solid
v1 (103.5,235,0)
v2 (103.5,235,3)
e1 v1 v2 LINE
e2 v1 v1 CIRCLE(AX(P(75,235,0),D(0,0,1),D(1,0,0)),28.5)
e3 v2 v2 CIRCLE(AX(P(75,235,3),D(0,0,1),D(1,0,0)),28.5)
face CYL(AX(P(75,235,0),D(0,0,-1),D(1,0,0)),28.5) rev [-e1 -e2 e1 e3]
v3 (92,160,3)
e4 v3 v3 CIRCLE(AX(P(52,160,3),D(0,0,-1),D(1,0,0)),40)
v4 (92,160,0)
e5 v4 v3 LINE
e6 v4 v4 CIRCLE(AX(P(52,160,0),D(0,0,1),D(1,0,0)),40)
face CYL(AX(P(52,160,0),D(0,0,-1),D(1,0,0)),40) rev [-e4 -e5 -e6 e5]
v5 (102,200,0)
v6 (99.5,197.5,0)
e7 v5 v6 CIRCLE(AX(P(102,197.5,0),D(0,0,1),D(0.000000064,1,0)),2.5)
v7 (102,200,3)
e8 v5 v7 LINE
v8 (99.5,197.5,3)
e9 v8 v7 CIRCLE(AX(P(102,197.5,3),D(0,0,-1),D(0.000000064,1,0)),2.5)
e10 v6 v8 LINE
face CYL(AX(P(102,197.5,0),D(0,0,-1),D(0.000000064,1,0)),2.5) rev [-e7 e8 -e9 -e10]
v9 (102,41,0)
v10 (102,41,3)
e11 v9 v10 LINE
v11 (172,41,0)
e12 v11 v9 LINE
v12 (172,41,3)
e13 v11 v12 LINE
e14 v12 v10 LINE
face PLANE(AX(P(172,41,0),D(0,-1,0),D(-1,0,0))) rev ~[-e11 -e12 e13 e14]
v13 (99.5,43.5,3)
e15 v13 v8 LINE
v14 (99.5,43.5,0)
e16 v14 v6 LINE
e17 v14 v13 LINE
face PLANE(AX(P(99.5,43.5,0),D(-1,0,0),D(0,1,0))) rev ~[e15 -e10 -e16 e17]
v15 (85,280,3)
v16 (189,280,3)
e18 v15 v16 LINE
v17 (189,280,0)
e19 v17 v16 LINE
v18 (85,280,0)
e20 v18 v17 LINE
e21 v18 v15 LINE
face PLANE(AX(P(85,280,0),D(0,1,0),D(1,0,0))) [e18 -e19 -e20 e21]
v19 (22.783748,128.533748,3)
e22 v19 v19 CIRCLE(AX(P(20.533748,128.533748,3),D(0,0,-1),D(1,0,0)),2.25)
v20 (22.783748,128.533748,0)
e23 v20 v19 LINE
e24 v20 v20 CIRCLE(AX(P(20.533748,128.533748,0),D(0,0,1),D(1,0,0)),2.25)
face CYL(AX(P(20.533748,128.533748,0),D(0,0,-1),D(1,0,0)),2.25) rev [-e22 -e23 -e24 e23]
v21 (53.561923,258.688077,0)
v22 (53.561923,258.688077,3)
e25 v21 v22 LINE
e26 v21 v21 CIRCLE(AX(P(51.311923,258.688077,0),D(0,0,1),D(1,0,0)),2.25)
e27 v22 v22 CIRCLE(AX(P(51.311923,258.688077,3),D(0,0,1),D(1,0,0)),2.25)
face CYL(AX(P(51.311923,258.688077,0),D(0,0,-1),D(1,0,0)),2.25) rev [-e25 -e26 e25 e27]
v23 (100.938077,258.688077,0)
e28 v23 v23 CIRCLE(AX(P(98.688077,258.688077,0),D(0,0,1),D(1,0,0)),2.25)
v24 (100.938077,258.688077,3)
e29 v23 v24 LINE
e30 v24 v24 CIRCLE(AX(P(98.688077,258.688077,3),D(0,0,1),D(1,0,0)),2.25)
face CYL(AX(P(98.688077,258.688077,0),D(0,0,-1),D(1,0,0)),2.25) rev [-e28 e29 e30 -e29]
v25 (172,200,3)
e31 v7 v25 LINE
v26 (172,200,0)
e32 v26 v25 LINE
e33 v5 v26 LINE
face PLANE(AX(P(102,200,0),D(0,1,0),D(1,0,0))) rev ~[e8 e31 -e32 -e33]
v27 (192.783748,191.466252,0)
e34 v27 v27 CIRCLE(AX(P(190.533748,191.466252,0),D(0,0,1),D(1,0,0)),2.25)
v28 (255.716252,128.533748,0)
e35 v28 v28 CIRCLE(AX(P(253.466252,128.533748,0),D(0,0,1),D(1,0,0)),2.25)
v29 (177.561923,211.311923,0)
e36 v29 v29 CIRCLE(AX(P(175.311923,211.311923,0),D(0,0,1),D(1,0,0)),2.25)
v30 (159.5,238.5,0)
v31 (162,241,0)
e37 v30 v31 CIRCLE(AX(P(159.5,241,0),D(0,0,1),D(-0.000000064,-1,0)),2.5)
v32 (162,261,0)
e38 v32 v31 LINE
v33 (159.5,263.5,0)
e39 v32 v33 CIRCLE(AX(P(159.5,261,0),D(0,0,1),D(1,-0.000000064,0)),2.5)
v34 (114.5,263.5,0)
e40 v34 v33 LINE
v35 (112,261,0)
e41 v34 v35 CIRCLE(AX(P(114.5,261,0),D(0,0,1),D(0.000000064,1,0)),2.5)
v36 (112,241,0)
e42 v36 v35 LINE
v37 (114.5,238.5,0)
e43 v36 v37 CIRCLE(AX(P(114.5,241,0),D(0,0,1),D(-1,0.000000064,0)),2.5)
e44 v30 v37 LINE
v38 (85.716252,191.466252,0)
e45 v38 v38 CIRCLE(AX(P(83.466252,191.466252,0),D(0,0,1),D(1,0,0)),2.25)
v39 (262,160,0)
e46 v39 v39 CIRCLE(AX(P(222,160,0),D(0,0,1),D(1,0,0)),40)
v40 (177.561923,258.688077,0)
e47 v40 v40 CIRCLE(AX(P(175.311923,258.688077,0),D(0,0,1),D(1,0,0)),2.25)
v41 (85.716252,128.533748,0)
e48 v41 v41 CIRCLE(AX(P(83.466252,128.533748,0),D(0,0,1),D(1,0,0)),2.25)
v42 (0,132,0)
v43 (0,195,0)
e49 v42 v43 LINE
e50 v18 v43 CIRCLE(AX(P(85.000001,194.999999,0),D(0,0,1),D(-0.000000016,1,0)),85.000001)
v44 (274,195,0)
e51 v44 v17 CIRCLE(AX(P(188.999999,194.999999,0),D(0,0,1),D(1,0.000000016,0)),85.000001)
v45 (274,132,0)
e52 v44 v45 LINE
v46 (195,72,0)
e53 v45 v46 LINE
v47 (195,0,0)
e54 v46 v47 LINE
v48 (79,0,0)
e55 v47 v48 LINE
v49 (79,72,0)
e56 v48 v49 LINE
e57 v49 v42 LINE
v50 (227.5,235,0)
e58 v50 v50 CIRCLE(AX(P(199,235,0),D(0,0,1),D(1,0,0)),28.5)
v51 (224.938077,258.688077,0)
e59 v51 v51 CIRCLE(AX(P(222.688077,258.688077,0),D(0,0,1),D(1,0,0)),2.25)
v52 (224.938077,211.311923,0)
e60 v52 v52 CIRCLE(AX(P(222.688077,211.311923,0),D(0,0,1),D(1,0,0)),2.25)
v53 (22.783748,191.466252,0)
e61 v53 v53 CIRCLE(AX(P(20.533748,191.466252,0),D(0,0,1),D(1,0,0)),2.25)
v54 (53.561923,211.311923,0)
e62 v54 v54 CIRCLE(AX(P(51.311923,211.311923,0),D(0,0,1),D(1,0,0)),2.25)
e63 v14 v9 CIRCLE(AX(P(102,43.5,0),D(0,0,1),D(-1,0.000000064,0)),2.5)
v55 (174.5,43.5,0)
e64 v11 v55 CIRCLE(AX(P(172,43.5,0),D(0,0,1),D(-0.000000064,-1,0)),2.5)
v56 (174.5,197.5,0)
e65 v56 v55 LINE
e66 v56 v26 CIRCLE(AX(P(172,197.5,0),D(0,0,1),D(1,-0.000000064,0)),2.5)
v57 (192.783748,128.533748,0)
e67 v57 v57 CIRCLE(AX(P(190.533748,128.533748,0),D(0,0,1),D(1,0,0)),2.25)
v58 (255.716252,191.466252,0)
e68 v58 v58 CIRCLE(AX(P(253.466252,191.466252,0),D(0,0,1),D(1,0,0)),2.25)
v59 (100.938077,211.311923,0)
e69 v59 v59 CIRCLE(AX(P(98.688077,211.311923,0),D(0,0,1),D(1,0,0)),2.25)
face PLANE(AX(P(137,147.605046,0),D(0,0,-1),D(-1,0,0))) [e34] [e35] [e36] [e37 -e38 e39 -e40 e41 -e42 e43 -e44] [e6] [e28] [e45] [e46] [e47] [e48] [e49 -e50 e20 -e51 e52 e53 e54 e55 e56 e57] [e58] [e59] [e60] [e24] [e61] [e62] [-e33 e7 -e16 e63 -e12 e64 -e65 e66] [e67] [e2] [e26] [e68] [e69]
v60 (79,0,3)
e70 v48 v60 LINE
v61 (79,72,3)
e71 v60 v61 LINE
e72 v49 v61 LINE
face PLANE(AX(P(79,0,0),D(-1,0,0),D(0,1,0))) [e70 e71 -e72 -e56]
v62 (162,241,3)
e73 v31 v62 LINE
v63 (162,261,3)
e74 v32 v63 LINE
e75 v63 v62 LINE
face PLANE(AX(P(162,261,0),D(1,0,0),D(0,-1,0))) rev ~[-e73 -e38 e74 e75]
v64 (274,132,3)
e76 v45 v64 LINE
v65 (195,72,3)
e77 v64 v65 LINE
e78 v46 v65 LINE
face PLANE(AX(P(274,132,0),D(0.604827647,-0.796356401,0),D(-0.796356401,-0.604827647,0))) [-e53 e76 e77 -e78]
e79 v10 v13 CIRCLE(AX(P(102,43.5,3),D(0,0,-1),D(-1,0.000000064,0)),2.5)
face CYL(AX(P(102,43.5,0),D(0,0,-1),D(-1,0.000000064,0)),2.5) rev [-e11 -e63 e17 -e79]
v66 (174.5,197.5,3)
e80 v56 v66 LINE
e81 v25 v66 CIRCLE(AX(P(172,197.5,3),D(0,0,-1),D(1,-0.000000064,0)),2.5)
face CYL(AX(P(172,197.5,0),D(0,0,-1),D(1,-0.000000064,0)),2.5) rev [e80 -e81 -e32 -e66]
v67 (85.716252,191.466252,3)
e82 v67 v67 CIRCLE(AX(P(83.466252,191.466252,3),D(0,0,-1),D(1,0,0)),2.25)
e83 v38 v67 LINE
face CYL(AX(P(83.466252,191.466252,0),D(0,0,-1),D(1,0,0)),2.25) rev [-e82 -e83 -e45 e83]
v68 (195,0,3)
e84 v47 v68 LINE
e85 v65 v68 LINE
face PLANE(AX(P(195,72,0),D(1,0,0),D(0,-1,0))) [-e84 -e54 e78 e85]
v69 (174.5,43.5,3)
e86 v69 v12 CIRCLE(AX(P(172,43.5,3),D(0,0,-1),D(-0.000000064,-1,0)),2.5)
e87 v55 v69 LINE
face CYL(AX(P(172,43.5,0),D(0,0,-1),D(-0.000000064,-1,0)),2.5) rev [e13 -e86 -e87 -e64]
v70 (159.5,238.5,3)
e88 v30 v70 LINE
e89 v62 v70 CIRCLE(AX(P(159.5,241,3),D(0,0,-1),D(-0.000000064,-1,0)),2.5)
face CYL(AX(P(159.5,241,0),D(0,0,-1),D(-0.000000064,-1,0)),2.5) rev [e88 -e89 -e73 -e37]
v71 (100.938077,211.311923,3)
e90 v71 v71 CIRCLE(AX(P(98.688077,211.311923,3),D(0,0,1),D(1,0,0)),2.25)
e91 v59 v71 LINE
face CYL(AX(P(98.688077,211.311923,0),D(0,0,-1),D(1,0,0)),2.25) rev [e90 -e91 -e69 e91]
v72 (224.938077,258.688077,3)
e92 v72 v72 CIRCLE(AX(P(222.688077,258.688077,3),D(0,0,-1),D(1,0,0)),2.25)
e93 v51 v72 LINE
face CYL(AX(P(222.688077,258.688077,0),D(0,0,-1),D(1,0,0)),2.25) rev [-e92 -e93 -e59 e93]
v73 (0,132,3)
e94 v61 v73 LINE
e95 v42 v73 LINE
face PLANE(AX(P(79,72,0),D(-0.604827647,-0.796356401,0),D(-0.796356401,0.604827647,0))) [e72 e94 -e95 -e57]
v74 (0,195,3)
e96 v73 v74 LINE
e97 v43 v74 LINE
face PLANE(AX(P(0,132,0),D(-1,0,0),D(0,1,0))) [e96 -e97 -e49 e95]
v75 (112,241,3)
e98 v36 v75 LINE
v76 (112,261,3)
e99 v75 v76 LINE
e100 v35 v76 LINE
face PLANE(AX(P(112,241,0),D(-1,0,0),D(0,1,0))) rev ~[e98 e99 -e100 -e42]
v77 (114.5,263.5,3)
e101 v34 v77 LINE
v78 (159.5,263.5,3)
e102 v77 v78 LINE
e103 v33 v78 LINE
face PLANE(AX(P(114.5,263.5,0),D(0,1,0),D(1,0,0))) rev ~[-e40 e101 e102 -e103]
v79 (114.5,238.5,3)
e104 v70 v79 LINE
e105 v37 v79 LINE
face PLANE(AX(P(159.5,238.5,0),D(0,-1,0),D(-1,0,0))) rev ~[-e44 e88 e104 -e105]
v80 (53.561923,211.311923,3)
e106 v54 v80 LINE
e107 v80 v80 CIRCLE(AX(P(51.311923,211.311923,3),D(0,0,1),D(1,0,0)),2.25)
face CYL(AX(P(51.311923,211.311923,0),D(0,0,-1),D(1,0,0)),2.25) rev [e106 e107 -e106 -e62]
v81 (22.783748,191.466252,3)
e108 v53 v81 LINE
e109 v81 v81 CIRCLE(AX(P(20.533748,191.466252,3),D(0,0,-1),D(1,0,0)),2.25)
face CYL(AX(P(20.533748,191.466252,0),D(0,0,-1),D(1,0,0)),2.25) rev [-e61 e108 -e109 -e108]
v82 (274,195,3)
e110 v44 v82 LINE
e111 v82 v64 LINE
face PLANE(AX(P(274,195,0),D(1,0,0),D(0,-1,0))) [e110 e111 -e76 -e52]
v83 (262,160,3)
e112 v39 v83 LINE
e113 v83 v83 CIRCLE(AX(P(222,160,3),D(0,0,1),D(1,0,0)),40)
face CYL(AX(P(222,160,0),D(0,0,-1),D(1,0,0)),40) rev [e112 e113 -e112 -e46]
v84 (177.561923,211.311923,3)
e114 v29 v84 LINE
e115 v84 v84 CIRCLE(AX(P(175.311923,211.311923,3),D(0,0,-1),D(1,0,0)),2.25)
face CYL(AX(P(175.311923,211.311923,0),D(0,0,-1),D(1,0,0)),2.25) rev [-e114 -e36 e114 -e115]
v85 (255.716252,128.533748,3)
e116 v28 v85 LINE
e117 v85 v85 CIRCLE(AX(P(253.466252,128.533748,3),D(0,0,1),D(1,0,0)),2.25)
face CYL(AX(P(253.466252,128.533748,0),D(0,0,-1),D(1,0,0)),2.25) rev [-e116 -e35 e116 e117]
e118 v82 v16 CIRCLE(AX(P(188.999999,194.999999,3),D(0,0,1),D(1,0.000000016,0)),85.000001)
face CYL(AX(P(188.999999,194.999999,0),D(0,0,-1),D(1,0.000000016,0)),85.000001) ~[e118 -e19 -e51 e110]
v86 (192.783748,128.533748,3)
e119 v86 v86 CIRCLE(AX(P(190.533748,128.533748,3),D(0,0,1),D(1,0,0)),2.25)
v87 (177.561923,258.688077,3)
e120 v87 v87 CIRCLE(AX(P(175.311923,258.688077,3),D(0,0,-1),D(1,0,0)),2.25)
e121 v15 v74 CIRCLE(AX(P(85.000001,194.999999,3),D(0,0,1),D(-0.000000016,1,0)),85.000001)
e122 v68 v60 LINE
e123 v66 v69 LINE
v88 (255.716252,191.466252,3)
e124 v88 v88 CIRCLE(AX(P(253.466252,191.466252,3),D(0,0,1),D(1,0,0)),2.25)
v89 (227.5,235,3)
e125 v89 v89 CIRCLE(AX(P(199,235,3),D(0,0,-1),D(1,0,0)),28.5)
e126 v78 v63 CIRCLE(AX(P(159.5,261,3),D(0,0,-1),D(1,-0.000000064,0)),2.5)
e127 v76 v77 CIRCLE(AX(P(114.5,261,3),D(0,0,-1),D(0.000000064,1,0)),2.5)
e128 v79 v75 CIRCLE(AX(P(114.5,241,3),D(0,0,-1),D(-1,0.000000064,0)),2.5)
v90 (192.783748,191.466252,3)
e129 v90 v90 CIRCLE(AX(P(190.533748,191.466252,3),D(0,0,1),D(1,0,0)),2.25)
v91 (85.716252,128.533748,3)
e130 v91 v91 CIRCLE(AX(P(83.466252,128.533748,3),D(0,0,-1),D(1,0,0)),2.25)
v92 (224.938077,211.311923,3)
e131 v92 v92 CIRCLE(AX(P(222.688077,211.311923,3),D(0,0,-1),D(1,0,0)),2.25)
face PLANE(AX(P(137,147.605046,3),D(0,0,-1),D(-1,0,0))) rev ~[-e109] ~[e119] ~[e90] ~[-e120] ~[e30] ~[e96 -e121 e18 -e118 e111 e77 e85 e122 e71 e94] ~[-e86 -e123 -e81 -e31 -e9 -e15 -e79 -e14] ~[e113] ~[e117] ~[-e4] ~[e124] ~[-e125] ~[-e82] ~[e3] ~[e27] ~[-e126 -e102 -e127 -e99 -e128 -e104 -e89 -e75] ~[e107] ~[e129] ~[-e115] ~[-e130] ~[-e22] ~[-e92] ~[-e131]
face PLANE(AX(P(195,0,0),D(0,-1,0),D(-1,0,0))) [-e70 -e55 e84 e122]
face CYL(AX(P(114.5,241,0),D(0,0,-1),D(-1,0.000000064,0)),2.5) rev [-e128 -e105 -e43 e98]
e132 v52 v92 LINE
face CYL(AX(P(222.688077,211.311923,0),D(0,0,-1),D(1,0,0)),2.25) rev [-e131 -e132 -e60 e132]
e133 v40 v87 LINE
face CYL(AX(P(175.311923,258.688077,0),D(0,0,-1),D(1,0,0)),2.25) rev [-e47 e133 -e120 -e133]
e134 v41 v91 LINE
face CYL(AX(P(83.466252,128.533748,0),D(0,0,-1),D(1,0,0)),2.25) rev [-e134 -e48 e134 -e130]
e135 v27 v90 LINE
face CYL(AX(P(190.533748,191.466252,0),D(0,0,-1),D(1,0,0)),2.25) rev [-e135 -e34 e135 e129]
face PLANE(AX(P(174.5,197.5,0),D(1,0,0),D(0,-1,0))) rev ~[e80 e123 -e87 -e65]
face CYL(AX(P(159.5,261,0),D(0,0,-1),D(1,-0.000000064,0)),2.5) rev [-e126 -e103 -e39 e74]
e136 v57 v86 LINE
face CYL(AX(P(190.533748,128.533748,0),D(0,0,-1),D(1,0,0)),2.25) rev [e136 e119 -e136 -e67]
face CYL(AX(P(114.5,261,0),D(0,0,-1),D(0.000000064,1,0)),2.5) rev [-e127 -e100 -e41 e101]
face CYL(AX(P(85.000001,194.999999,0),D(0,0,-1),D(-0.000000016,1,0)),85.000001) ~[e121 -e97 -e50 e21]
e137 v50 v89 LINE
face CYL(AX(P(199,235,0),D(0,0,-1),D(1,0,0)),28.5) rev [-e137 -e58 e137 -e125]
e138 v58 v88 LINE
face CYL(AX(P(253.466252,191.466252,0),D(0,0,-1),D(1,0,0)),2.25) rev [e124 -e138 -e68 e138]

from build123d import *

# Parameters (mm, degrees)
PAD_DEPTH         = 3
SKETCH001_R       = 28.5
SKETCH001_R_2     = 2.25
POCKET_DEPTH      = 3
SKETCH_R          = 40
SKETCH_R_2        = 2.25
POCKET001_DEPTH   = 3
COPYSKETCH003_R   = 40
COPYSKETCH003_R_2 = 2.25
POCKET002_DEPTH   = 5
SKETCH003_R       = 28.5
SKETCH003_R_2     = 2.25
POCKET004_DEPTH   = 5
POCKET005_DEPTH   = 5
POCKET006_DEPTH   = 5


with BuildPart() as part:
    # Sketch002 → Pad (new body)
    with BuildSketch(Plane.XY):
        with BuildLine():
            Line((0, 132), (0, 195))
            ThreePointArc((85, 280), (24.895924, 255.104076), (0, 195))
            Line((85, 280), (189, 280))
            ThreePointArc((274, 195), (249.104076, 255.104076), (189, 280))
            Line((274, 195), (274, 132))
            Line((274, 132), (195, 72))
            Line((195, 72), (195, 0))
            Line((195, 0), (79, 0))
            Line((79, 0), (79, 72))
            Line((79, 72), (0, 132))
        make_face()
    extrude(amount=PAD_DEPTH)

    # Sketch001 → Pocket (cut)
    with BuildSketch(Plane.XY):
        with Locations((75, 235)):
            Circle(SKETCH001_R)
        with Locations((98.688077, 258.688077)):
            Circle(SKETCH001_R_2)
        with Locations((51.311923, 258.688077)):
            Circle(SKETCH001_R_2)
        with Locations((51.311923, 211.311923)):
            Circle(SKETCH001_R_2)
        with Locations((98.688077, 211.311923)):
            Circle(SKETCH001_R_2)
    extrude(amount=POCKET_DEPTH, mode=Mode.SUBTRACT)

    # Sketch → Pocket001 (cut)
    with BuildSketch(Plane.XY):
        with Locations((222, 160)):
            Circle(SKETCH_R)
        with Locations((253.466252, 191.466252)):
            Circle(SKETCH_R_2)
        with Locations((190.533748, 191.466252)):
            Circle(SKETCH_R_2)
        with Locations((190.533748, 128.533748)):
            Circle(SKETCH_R_2)
        with Locations((253.466252, 128.533748)):
            Circle(SKETCH_R_2)
    extrude(amount=POCKET001_DEPTH, mode=Mode.SUBTRACT)

    # CopySketch003 → Pocket002 (cut)
    with BuildSketch(Plane.XY):
        with Locations((52, 160)):
            Circle(COPYSKETCH003_R)
        with Locations((83.466252, 191.466252)):
            Circle(COPYSKETCH003_R_2)
        with Locations((20.533748, 191.466252)):
            Circle(COPYSKETCH003_R_2)
        with Locations((20.533748, 128.533748)):
            Circle(COPYSKETCH003_R_2)
        with Locations((83.466252, 128.533748)):
            Circle(COPYSKETCH003_R_2)
    extrude(amount=POCKET002_DEPTH, mode=Mode.SUBTRACT)

    # Sketch003 → Pocket004 (cut)
    with BuildSketch(Plane.XY):
        with Locations((199, 235)):
            Circle(SKETCH003_R)
        with Locations((222.688077, 258.688077)):
            Circle(SKETCH003_R_2)
        with Locations((175.311923, 258.688077)):
            Circle(SKETCH003_R_2)
        with Locations((175.311923, 211.311923)):
            Circle(SKETCH003_R_2)
        with Locations((222.688077, 211.311923)):
            Circle(SKETCH003_R_2)
    extrude(amount=POCKET004_DEPTH, mode=Mode.SUBTRACT)

    # Sketch004 → Pocket005 (cut)
    with BuildSketch(Plane.XY):
        with BuildLine():
            Line((114.5, 263.5), (159.5, 263.5))
            ThreePointArc((162, 261), (161.267767, 262.767767), (159.5, 263.5))
            Line((162, 261), (162, 241))
            ThreePointArc((159.5, 238.5), (161.267767, 239.232233), (162, 241))
            Line((159.5, 238.5), (114.5, 238.5))
            ThreePointArc((112, 241), (112.732233, 239.232233), (114.5, 238.5))
            Line((112, 241), (112, 261))
            ThreePointArc((114.5, 263.5), (112.732233, 262.767767), (112, 261))
        make_face()
    extrude(amount=POCKET005_DEPTH, mode=Mode.SUBTRACT)

    # CopySketch005 → Pocket006 (cut)
    with BuildSketch(Plane.XY):
        with BuildLine():
            Line((102, 200), (172, 200))
            ThreePointArc((174.5, 197.5), (173.767767, 199.267767), (172, 200))
            Line((174.5, 197.5), (174.5, 43.5))
            ThreePointArc((172, 41), (173.767767, 41.732233), (174.5, 43.5))
            Line((172, 41), (102, 41))
            ThreePointArc((99.5, 43.5), (100.232233, 41.732233), (102, 41))
            Line((99.5, 43.5), (99.5, 197.5))
            ThreePointArc((102, 200), (100.232233, 199.267767), (99.5, 197.5))
        make_face()
    extrude(amount=POCKET006_DEPTH, mode=Mode.SUBTRACT)


solid = part.part
